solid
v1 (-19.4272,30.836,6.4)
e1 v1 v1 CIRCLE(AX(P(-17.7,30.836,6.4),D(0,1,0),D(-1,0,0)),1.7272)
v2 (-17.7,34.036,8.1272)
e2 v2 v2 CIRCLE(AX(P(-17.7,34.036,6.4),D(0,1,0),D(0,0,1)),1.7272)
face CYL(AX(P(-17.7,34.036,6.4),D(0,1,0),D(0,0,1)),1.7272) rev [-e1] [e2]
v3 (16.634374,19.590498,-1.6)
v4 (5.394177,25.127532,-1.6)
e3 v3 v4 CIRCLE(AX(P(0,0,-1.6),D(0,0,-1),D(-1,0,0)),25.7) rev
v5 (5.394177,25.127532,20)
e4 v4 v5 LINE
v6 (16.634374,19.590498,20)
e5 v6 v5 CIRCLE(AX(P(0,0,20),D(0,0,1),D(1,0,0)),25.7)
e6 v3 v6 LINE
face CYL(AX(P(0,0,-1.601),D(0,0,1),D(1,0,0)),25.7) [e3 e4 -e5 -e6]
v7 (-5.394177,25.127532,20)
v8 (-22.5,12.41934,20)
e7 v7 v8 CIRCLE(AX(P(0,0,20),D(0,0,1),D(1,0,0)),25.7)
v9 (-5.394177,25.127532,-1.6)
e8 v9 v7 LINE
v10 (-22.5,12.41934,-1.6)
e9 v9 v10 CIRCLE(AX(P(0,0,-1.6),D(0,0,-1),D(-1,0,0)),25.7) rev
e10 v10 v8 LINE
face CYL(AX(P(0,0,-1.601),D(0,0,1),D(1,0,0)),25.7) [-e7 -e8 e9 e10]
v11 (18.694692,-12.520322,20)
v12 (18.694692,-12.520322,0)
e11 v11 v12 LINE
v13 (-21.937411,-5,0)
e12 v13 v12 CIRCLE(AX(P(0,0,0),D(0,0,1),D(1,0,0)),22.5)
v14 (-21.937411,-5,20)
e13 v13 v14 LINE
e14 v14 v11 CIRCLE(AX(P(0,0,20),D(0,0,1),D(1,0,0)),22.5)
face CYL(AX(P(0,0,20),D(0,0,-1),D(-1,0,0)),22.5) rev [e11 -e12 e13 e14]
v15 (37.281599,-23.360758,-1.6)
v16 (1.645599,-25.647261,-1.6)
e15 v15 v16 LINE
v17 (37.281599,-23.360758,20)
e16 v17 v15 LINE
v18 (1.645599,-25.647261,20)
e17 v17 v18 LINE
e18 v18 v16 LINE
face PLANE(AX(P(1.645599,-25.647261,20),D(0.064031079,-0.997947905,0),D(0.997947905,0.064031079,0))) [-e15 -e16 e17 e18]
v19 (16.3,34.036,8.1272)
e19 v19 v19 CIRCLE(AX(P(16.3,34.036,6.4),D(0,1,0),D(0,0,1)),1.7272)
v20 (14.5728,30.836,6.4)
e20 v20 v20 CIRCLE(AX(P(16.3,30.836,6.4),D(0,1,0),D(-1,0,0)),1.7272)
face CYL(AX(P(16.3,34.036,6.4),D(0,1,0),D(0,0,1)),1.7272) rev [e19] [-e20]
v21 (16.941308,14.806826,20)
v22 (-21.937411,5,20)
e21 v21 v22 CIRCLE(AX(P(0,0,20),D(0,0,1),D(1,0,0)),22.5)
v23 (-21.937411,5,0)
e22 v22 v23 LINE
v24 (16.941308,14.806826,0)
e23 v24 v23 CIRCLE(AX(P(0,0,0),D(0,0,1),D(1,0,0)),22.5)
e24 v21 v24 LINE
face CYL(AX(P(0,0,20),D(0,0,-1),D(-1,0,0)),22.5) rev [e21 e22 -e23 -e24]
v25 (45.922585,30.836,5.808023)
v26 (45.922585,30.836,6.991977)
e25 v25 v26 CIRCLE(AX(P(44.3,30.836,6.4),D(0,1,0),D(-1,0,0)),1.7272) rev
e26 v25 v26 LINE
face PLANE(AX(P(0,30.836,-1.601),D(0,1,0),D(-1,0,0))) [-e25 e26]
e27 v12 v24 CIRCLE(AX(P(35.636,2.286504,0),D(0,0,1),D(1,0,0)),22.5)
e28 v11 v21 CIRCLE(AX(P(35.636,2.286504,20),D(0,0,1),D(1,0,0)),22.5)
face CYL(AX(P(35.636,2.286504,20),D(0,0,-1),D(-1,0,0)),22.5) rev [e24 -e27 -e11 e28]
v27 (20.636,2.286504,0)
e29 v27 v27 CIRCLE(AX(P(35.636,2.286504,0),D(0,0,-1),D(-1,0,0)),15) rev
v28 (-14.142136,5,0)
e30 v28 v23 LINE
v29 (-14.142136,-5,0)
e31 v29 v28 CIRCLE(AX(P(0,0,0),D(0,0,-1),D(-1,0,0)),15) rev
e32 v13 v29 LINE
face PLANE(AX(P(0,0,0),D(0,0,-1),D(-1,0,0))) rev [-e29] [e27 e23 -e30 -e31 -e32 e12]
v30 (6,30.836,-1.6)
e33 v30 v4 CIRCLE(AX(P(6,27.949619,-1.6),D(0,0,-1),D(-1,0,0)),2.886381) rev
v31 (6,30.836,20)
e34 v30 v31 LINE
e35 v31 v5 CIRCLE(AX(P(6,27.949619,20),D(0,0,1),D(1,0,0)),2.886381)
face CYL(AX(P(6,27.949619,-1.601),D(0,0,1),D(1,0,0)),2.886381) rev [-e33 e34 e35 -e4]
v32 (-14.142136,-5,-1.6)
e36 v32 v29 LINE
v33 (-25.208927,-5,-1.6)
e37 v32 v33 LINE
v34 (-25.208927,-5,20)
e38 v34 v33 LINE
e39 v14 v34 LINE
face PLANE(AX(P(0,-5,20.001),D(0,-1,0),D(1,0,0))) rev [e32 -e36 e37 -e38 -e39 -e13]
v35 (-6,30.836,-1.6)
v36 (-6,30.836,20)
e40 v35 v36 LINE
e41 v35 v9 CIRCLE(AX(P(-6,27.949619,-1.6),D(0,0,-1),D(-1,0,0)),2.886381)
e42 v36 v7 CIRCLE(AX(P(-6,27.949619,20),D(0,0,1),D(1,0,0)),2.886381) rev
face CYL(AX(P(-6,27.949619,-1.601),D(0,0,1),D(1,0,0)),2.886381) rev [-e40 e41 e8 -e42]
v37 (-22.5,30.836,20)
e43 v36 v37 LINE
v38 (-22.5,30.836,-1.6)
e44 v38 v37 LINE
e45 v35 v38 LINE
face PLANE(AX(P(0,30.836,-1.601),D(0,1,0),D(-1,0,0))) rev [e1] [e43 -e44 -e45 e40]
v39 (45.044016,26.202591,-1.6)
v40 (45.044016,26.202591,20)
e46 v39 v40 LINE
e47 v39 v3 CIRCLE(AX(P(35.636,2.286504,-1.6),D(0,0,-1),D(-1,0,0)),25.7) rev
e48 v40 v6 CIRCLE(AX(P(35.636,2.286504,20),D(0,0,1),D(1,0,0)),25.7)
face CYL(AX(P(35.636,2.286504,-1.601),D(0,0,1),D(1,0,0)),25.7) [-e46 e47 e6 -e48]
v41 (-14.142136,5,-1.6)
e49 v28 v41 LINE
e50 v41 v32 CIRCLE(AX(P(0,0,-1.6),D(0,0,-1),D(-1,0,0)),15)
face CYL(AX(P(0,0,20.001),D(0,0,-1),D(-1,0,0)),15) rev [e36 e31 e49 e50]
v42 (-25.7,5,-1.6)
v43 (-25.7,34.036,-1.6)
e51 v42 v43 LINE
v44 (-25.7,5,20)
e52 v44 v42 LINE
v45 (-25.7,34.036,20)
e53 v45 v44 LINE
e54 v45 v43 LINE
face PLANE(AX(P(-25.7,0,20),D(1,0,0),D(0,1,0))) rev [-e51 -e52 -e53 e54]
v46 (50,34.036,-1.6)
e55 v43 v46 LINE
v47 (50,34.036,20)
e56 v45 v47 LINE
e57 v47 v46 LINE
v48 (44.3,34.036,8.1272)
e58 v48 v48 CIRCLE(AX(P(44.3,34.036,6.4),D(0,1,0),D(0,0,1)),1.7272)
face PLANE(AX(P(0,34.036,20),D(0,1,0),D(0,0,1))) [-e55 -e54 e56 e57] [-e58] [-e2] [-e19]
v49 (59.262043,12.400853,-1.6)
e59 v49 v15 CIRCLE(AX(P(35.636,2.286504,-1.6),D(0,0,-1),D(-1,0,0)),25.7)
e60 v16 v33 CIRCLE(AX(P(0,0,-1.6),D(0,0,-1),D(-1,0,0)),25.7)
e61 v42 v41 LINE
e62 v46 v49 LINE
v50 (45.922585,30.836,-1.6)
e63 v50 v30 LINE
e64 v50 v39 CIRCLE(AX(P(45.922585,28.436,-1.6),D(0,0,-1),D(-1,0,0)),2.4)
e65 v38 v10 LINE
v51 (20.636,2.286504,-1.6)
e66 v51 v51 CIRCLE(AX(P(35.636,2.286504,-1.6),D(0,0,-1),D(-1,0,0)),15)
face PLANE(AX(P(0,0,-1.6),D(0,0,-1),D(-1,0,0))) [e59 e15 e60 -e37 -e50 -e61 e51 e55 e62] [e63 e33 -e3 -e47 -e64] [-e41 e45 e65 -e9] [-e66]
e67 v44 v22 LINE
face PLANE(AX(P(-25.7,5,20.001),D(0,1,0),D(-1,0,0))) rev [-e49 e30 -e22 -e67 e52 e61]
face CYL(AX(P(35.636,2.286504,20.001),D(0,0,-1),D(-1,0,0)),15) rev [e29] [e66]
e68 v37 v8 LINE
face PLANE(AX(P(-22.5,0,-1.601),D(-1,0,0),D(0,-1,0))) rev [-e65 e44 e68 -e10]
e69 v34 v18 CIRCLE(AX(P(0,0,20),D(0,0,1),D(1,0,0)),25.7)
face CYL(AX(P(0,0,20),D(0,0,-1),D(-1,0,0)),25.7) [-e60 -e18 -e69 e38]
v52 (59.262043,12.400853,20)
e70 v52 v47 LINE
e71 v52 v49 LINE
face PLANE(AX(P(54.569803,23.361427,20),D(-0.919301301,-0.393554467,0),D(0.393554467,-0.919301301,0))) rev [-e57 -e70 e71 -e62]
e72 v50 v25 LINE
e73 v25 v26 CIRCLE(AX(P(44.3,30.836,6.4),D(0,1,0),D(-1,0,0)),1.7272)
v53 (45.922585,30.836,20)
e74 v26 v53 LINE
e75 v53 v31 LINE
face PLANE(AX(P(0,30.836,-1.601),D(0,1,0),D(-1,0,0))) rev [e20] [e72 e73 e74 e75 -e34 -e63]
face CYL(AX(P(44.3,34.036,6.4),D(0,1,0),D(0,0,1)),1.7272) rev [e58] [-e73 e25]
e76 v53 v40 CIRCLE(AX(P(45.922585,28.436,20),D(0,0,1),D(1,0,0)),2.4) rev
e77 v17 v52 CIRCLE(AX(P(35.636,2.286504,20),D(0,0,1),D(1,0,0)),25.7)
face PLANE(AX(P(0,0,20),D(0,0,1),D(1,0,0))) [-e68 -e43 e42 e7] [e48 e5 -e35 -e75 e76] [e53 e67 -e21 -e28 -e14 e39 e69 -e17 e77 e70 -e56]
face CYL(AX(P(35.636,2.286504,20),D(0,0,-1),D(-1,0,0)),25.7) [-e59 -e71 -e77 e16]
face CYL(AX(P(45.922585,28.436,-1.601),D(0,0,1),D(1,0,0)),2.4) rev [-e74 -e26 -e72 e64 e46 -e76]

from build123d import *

# Parameters (mm, degrees)
BOSS_EXTRUDE1_DEPTH       = 20
BOSS_EXTRUDE2_START       = 1.6
BOSS_EXTRUDE2_DEPTH       = 1.6
CUT_EXTRUDE1_REACH        = 75.397
CUT_EXTRUDE3_REACH        = 75.397
CUT_EXTRUDE4_REACH        = 75.397
SKETCH6_R                 = 15
F_8_32_TAPPED_HOLE1_D     = 3.4544
F_8_32_TAPPED_HOLE1_DEPTH = 3.2


with BuildPart() as part:
    # Sketch1 → Boss-Extrude1 (new body)
    with BuildSketch(Plane.XY):
        with BuildLine():
            Line((37.281598718, -23.36075752), (1.645598718, -25.647261157))
            ThreePointArc((1.645598718, -25.647261157), (-17.581213168, -18.745424602), (-25.7, 0))
            Line((-25.7, 0), (-25.7, 34.036))
            Line((-25.7, 34.036), (50, 34.036))
            Line((50, 34.036), (59.262043429, 12.400853436))
            ThreePointArc((59.262043429, 12.400853436), (57.530912166, -11.170941189), (37.281598718, -23.36075752))
        make_face()
        with BuildLine():
            ThreePointArc((16.941307547, 14.806826081), (-22.453827861, -1.440699267), (18.694692453, -12.520322444))
            ThreePointArc((18.694692453, -12.520322444), (58.089827861, 3.727202903), (16.941307547, 14.806826081))
        make_face(mode=Mode.SUBTRACT)
    extrude(amount=BOSS_EXTRUDE1_DEPTH)

    # Sketch2 → Boss-Extrude2 (add)
    with BuildSketch(Plane(origin=(0, 0, 0), x_dir=(-1, 0, 0), z_dir=(0, 0, -1)).offset(BOSS_EXTRUDE2_START)):
        with BuildLine():
            Line((25.7, 0), (25.7, 34.036))
            Line((25.7, 34.036), (-50, 34.036))
            Line((-50, 34.036), (-59.262043429, 12.400853436))
            ThreePointArc((-59.262043429, 12.400853436), (-57.530912166, -11.170941189), (-37.281598718, -23.36075752))
            Line((-37.281598718, -23.36075752), (-1.645598718, -25.647261157))
            ThreePointArc((-1.645598718, -25.647261157), (17.581213168, -18.745424602), (25.7, 0))
        make_face()
    extrude(amount=-BOSS_EXTRUDE2_DEPTH)

    # Sketch3 → Cut-Extrude1 (cut, up to next)
    with BuildSketch(Plane.XY.offset(20), mode=Mode.PRIVATE) as cut_extrude1_sk1:
        with BuildLine():
            ThreePointArc((-5.394176999, 25.127531803), (-15.326311164, 20.629934225), (-22.5, 12.419339757))
            Line((-22.5, 12.419339757), (-22.5, 30.836))
            Line((-22.5, 30.836), (-6, 30.836))
            ThreePointArc((-6, 30.836), (-3.129737352, 28.254231355), (-5.394176999, 25.127531803))
        make_face()
    cut_extrude1_tool1 = extrude(cut_extrude1_sk1.sketch, amount=-CUT_EXTRUDE1_REACH, mode=Mode.PRIVATE) & part.part
    # Sketch3 → Cut-Extrude1 (cut, up to next)
    with BuildSketch(Plane.XY.offset(20), mode=Mode.PRIVATE) as cut_extrude1_sk2:
        with BuildLine():
            ThreePointArc((16.634374037, 19.590497707), (11.35689006, 23.054523378), (5.394176999, 25.127531803))
            ThreePointArc((5.394176999, 25.127531803), (3.129737352, 28.254231355), (6, 30.836))
            Line((6, 30.836), (45.922585437, 30.836))
            ThreePointArc((45.922585437, 30.836), (48.2805699, 27.988887856), (45.044015862, 26.202591058))
            ThreePointArc((45.044015862, 26.202591058), (29.810256845, 27.317498757), (16.634374037, 19.590497707))
        make_face()
    cut_extrude1_tool2 = extrude(cut_extrude1_sk2.sketch, amount=-CUT_EXTRUDE1_REACH, mode=Mode.PRIVATE) & part.part
    add(cut_extrude1_tool1.solids().sort_by_distance((-15.04252, 25.299031, 20))[0], mode=Mode.SUBTRACT)
    add(cut_extrude1_tool2.solids().sort_by_distance((22.114051, 27.528579, 20))[0], mode=Mode.SUBTRACT)

    # Sketch5 → Cut-Extrude3 (cut, up to next)
    with BuildSketch(Plane(origin=(0, 0, -1.6), x_dir=(-1, 0, 0), z_dir=(0, 0, -1)), mode=Mode.PRIVATE) as cut_extrude3_sk1:
        with BuildLine():
            Line((25.7, 5), (0, 5))
            ThreePointArc((0, 5), (-5, 0), (0, -5))
            Line((0, -5), (25.20892699, -5))
            ThreePointArc((25.20892699, -5), (25.576937108, -2.512028697), (25.7, 0))
            Line((25.7, 0), (25.7, 5))
        make_face()
    cut_extrude3_tool1 = extrude(cut_extrude3_sk1.sketch, amount=-CUT_EXTRUDE3_REACH, mode=Mode.PRIVATE) & part.part
    add(cut_extrude3_tool1.solids().sort_by_distance((-10.824957, 0.010355, -1.6))[0], mode=Mode.SUBTRACT)

    # Sketch6 → Cut-Extrude4 (cut, up to next)
    with BuildSketch(Plane(origin=(0, 0, -1.6), x_dir=(-1, 0, 0), z_dir=(0, 0, -1)), mode=Mode.PRIVATE) as cut_extrude4_sk1:
        with Locations((-35.636, 2.286503637)):
            Circle(SKETCH6_R)
    cut_extrude4_tool1 = extrude(cut_extrude4_sk1.sketch, amount=-CUT_EXTRUDE4_REACH, mode=Mode.PRIVATE) & part.part
    # Sketch6 → Cut-Extrude4 (cut, up to next)
    with BuildSketch(Plane(origin=(0, 0, -1.6), x_dir=(-1, 0, 0), z_dir=(0, 0, -1)), mode=Mode.PRIVATE) as cut_extrude4_sk2:
        Circle(SKETCH6_R)
    cut_extrude4_tool2 = extrude(cut_extrude4_sk2.sketch, amount=-CUT_EXTRUDE4_REACH, mode=Mode.PRIVATE) & part.part
    add(cut_extrude4_tool1.solids().sort_by_distance((35.636, 2.286504, -1.6))[0], mode=Mode.SUBTRACT)
    add(cut_extrude4_tool2.solids().sort_by_distance((0, 0, -1.6))[0], mode=Mode.SUBTRACT)

    # #8-32 Tapped Hole1
    with Locations(Plane(origin=(0, 34.036, 0), x_dir=(1, 0, 0), z_dir=(0, 1, 0))):
        with Locations((16.3, -6.4), (-17.7, -6.4), (44.3, -6.4)):
            Hole(F_8_32_TAPPED_HOLE1_D / 2, depth=F_8_32_TAPPED_HOLE1_DEPTH)


solid = part.part
